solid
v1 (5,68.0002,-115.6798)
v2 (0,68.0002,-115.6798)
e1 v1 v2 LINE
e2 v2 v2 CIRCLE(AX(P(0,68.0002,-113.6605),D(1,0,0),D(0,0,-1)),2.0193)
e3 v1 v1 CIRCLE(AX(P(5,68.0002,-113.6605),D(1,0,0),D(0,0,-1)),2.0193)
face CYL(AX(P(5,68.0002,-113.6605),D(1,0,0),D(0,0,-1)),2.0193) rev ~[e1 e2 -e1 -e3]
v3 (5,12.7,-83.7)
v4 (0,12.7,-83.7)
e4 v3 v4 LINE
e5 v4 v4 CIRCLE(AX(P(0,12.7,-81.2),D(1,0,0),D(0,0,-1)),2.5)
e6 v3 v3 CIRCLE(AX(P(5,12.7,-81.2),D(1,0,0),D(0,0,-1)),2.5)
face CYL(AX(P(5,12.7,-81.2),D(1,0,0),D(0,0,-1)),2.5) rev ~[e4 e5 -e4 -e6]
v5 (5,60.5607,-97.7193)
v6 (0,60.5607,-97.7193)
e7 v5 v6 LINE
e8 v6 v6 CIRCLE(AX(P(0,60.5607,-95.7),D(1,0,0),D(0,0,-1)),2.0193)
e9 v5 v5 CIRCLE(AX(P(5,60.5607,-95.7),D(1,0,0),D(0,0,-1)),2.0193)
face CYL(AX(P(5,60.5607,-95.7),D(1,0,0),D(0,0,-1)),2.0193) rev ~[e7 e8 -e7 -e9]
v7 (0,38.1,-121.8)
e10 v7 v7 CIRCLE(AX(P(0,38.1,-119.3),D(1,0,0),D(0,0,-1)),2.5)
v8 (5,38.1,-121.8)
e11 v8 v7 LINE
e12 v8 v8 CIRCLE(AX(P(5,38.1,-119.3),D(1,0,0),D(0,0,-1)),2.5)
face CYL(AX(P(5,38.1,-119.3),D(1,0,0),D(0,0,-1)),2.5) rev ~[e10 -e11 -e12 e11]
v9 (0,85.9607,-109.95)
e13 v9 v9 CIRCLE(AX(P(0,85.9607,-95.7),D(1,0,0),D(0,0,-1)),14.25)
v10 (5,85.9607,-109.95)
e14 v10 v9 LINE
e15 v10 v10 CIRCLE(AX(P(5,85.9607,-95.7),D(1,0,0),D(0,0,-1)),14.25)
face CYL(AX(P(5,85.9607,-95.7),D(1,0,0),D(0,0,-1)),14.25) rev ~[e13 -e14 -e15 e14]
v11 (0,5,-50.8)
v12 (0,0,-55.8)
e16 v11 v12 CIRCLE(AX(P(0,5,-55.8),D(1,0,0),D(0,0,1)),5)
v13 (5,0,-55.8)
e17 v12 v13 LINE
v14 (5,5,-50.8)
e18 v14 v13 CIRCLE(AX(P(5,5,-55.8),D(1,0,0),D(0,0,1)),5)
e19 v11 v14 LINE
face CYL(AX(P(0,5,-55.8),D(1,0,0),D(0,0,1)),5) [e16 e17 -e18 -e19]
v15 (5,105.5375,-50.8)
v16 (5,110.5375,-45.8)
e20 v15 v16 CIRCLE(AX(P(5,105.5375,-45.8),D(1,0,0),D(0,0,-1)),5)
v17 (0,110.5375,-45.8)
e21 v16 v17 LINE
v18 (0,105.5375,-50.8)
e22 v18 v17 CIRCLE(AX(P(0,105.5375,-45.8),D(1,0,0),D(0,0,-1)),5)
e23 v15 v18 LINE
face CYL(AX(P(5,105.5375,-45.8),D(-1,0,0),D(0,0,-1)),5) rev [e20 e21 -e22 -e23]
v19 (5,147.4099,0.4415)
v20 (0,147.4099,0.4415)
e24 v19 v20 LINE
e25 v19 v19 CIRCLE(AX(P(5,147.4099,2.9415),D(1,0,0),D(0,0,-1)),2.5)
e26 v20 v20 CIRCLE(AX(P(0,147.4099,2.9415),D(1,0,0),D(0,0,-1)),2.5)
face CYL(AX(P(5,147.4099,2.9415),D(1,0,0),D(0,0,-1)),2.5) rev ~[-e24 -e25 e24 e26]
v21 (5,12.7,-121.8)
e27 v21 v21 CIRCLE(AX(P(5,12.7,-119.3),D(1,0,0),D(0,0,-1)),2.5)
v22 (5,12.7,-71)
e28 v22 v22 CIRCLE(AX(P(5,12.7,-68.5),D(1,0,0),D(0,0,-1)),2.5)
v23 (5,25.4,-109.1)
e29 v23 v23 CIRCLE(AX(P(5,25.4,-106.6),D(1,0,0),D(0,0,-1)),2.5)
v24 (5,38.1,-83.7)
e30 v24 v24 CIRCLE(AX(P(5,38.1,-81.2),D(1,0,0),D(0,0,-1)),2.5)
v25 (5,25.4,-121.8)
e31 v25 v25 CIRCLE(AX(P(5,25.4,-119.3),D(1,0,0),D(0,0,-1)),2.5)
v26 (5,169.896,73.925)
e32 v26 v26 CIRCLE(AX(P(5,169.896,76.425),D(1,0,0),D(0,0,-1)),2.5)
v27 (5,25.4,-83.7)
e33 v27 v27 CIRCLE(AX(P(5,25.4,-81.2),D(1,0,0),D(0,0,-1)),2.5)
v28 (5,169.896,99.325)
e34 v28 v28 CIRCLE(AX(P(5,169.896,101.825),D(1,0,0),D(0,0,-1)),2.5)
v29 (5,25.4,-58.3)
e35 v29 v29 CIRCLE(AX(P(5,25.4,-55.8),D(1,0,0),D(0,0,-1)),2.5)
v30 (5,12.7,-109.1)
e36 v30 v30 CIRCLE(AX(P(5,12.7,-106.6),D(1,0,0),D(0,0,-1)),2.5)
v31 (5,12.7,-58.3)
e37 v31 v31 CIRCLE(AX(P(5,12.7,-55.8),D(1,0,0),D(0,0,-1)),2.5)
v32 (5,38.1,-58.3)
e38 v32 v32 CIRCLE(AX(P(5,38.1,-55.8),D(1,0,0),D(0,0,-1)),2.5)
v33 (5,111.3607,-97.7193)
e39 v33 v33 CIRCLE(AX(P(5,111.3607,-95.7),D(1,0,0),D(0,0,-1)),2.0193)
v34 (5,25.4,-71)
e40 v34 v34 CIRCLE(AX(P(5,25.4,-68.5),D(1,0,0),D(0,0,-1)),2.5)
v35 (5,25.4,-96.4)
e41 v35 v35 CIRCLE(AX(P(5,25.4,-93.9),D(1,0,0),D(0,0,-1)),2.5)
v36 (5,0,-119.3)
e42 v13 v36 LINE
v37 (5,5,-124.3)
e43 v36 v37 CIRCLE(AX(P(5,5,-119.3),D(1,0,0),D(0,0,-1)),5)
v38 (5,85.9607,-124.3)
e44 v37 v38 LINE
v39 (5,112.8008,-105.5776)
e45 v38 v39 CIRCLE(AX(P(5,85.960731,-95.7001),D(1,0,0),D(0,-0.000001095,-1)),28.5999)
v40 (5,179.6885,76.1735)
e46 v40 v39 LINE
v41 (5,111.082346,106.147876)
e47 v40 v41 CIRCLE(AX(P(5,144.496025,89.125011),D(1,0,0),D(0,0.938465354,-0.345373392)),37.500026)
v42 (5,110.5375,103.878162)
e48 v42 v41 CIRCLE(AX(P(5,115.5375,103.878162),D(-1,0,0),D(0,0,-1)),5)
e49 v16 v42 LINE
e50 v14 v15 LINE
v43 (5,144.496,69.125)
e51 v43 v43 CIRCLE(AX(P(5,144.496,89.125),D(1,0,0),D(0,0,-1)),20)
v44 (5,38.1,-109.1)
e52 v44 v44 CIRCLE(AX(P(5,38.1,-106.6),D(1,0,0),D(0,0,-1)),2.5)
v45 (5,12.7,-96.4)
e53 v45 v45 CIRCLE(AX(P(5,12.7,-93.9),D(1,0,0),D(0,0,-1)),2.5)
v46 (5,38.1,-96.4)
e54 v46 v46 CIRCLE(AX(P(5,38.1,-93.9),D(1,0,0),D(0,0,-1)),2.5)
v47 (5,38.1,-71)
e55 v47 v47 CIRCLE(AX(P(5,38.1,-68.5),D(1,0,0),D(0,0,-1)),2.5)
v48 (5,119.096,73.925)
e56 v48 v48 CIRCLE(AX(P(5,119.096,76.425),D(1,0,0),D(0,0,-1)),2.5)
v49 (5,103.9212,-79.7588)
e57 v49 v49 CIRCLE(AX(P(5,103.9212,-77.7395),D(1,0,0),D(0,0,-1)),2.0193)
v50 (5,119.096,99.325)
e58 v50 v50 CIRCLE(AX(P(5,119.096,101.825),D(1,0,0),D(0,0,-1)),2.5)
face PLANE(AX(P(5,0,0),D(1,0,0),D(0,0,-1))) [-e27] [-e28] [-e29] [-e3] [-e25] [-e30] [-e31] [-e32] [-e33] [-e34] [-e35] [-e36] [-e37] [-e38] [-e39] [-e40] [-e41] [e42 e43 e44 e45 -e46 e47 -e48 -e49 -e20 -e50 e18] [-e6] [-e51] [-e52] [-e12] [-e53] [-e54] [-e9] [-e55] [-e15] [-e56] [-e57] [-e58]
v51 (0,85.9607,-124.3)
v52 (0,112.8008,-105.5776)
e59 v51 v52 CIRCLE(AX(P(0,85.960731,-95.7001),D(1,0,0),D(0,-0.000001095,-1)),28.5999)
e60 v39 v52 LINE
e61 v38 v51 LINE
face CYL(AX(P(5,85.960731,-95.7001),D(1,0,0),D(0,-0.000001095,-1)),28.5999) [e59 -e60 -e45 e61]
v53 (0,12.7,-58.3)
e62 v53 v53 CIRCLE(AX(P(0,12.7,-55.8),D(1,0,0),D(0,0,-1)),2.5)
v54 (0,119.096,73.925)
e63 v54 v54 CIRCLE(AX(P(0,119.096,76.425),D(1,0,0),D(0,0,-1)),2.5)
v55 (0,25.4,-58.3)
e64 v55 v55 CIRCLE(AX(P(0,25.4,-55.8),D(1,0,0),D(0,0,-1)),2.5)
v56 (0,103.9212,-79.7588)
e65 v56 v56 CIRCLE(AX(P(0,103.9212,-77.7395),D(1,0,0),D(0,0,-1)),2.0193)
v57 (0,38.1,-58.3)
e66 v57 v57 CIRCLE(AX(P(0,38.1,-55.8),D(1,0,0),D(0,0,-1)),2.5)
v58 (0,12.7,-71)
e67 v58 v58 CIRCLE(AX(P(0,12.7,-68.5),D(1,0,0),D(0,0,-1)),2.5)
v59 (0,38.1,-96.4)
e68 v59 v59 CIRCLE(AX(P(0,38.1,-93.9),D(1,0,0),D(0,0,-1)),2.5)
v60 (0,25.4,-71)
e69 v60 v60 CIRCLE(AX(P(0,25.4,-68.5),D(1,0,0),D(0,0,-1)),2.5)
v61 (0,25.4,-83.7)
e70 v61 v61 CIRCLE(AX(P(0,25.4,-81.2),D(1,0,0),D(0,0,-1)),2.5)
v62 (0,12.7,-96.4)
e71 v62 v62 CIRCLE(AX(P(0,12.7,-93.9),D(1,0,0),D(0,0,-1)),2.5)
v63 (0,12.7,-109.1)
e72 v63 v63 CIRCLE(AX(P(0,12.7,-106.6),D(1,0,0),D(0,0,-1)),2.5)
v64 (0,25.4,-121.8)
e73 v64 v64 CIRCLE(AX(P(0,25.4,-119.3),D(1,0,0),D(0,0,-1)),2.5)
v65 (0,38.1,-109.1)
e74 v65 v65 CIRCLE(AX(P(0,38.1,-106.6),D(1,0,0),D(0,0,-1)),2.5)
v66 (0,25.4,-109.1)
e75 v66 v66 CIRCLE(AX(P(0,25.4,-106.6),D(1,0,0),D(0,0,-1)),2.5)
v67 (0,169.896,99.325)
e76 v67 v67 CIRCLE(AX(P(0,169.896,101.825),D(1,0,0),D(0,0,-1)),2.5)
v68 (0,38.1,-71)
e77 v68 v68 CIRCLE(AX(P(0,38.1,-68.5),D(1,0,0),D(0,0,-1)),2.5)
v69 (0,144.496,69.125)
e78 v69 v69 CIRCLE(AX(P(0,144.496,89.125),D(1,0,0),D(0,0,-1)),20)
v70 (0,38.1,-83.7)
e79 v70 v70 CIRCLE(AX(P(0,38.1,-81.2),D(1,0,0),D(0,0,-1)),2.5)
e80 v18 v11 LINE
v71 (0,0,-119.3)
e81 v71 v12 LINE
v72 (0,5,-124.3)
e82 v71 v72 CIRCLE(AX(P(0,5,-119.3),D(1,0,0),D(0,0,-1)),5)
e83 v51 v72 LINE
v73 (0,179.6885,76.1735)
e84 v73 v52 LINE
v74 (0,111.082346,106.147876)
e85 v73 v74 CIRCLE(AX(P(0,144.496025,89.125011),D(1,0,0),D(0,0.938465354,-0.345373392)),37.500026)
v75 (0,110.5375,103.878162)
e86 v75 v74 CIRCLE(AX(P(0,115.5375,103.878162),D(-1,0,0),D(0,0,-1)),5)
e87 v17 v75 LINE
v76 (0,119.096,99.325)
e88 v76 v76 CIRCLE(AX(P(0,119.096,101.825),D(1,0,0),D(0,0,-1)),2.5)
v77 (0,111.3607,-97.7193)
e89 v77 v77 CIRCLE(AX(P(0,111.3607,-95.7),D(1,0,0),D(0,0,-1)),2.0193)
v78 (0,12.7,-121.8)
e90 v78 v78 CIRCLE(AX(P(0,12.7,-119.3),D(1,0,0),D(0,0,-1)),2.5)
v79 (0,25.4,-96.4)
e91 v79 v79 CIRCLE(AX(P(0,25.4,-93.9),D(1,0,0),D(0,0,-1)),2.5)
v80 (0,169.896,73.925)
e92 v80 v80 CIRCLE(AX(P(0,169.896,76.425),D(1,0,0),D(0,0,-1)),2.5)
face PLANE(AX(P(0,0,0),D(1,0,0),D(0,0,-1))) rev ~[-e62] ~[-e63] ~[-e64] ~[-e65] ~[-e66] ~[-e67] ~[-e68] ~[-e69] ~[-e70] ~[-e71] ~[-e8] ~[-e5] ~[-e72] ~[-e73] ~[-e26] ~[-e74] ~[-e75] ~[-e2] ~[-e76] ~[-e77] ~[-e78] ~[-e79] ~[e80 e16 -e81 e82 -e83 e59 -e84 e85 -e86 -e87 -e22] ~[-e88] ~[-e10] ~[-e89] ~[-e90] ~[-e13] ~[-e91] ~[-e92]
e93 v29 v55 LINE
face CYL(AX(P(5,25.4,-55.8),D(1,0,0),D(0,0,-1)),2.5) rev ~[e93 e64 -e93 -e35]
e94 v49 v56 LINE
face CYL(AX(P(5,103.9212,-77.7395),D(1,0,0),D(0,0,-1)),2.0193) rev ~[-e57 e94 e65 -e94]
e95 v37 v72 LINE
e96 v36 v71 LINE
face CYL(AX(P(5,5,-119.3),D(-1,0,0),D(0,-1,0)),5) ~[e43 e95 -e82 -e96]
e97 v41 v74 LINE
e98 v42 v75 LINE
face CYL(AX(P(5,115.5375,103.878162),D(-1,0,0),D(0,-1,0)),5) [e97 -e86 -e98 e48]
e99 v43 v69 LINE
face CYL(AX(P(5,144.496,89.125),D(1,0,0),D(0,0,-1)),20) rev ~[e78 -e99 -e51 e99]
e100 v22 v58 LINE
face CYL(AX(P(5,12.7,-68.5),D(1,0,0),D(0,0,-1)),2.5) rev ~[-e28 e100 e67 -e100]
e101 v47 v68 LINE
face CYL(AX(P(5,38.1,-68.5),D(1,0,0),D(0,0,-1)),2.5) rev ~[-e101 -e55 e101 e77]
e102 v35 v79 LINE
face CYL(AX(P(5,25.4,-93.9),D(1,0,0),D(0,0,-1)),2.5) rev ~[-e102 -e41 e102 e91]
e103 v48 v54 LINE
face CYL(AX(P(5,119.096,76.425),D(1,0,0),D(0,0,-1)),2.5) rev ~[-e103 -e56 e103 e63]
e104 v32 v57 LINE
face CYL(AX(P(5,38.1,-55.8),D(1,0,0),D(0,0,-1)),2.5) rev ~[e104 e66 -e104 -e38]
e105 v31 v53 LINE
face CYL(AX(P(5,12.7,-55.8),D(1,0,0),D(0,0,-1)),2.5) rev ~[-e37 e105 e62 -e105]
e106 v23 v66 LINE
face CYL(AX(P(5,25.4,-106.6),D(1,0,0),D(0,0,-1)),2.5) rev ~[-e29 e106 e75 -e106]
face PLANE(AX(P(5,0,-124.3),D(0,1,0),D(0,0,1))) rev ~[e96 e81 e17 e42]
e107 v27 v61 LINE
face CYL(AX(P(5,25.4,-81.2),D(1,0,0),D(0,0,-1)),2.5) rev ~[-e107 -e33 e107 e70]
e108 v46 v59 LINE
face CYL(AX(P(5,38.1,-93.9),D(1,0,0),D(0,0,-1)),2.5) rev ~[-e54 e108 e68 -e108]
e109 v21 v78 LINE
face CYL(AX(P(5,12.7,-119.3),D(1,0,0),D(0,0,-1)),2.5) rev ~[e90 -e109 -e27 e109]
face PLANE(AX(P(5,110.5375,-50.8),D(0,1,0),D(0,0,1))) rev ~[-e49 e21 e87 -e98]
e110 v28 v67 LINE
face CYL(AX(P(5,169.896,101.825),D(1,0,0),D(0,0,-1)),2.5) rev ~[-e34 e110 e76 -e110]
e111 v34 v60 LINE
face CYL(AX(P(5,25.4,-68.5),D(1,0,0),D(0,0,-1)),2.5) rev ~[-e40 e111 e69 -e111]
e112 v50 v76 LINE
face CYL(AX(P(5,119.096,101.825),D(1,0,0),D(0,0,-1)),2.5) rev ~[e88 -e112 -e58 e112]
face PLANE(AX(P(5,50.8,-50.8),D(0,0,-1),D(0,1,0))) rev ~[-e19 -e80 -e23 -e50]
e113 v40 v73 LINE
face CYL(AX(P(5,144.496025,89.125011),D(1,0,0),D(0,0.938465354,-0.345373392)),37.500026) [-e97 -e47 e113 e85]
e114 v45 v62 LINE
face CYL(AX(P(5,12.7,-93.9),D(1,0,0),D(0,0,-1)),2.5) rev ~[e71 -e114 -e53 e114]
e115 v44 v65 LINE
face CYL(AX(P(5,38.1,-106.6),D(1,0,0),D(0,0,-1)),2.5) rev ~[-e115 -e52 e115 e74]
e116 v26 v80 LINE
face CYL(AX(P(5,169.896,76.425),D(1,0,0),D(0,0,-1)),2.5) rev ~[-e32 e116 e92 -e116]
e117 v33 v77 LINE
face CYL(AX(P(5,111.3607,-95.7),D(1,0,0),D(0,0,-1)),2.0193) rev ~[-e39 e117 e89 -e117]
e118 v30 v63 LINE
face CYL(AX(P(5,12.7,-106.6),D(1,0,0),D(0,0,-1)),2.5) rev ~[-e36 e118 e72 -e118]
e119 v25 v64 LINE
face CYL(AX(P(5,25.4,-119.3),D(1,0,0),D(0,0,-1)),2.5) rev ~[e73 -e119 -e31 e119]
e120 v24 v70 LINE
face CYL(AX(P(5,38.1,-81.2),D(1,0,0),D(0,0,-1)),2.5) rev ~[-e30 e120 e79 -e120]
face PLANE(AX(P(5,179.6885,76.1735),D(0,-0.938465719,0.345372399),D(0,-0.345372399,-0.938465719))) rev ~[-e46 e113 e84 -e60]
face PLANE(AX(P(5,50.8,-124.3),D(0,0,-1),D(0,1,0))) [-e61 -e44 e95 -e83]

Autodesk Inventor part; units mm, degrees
ref_plane "YZ Plane" through (0, 0, 0) normal (1, 0, 0) x (0, 1, 0)
ref_plane "XZ Plane" through (0, 0, 0) normal (0, 1, 0) x (-1, 0, 0)
ref_plane "XY Plane" through (0, 0, 0) normal (0, 0, 1) x (1, 0, 0)
sketch "Esboço1" plane through (0, 0, 0) normal (1, 0, 0) x (0, 1, 0)
  line L0 (0, 0) -> (50.8, 0)
  line L1 (50.8, 0) -> (50.8, -86.2)
  line L2 (50.8, -86.2) -> (0, -86.2)
  line L3 (0, -86.2) -> (0, 0)
  dimension "d0" = 50.8
  dimension "d1" = 86.2
extrude "Extrusão1" add sketch "Esboço1" along normal blind 5
sketch "Esboço2" plane through (5, 0, 0) normal (1, 0, 0) x (0, 0, -1)
  circle A0 centre (5, 12.7) radius 2.5
  circle A1 centre (5, 25.4) radius 2.5
  circle A2 centre (5, 38.1) radius 2.5
  line L0 (0, 50.8) -> (0, 0) projected
  line L1 (86.2, 50.8) -> (0, 50.8) projected
  line L2 (0, 0) -> (86.2, 0) projected
  dimension "d4" = 5
  dimension "d5" = 5
  dimension "d6" = 5
  dimension "d7" = 5
  dimension "d8" = 5
  dimension "d9" = 5
  dimension "d10" = 12.7
  dimension "d11" = 12.7
  dimension "d12" = 12.7
extrude "Extrusão2" cut sketch "Esboço2" against normal blind 6
pattern_linear "Padrão retangular1" count 7 spacing 12.7 along (0, 0, -1) of "Extrusão2"
sketch "Esboço3" plane through (0, 0, 0) normal (-1, 0, 0) x (0, 0, 1)
  line L0 (0, 50.8) -> (0, 0) projected
  line L1 (0, 0) -> (-86.2, 0) projected
  line L2 (0, 50.8) -> (-50.8, 50.8)
  line L3 (-50.8, 50.8) -> (-50.8, 0)
  line L4 (-50.8, 0) -> (0, 0)
  line L5 (0, 0) -> (0, 50.8)
  circle A0 centre (-55.8, 25.4) radius 2.5 projected
  dimension "d19" = 5
extrude "Extrusão3" cut sketch "Esboço3" against normal blind 10 contours L0 L1 L3 L2
sketch "Esboço4" plane through (5, 0, 0) normal (1, 0, 0) x (0, 0, -1)
  line L0 (86.2, 0) -> (86.2, 50.8) projected
  line L1 (86.2, 50.8) -> (124.3, 50.8)
  line L2 (124.3, 50.8) -> (124.3, 0)
  line L3 (124.3, 0) -> (86.2, 0)
  line L4 (86.2, 0) -> (86.2, 50.8)
  circle A0 centre (93.9, 25.4) radius 2.5 projected
  circle A1 centre (93.9, 38.1) radius 2.5 projected
  circle A2 centre (106.6, 38.1) radius 2.5 projected
  circle A3 centre (119.3, 38.1) radius 2.5 projected
  circle A4 centre (119.3, 25.4) radius 2.5 projected
  circle A5 centre (106.6, 25.4) radius 2.5 projected
  circle A6 centre (93.9, 12.7) radius 2.5 projected
  circle A7 centre (106.6, 12.7) radius 2.5 projected
  circle A8 centre (119.3, 12.7) radius 2.5 projected
  point P0 (0, 0)
  dimension "d22" = 5
  dimension "d23" = 50.8
extrude "Extrusão4" add sketch "Esboço4" against normal blind 5
sketch "Esboço7" plane through (5, 0, 0) normal (1, 0, 0) x (0, 0, -1)
  line L0 (124.3, 50.8) -> (50.8, 50.8) projected
  line L1 (124.3, 50.8) -> (124.3, 85.9607)
  circle A0 centre (95.7, 85.9607) radius 11.25 projected
  circle A1 centre (-89.125, 144.496) radius 17.5 projected
  circle A2 centre (95.7, 111.3607) radius 2.0193 projected
  circle A3 centre (77.7395, 103.9212) radius 2.0193 projected
  circle A4 centre (95.7, 60.5607) radius 2.0193 projected
  circle A5 centre (113.6605, 68.0002) radius 2.0193 projected
  circle A6 centre (-101.825, 169.896) radius 2.5 projected
  circle A7 centre (-76.425, 169.896) radius 2.5 projected
  circle A8 centre (-76.425, 119.096) radius 2.5 projected
  circle A9 centre (-101.825, 119.096) radius 2.5 projected
  arc A10 (-76.1735, 179.6885) -> (-105.0332, 110.5375) centre (-89.125, 144.496) ccw
  arc A11 (124.3, 85.9607) -> (105.5776, 112.8008) centre (95.7, 85.9607) ccw
  line L2 (50.8, 0) -> (50.8, 50.8) projected
  line L3 (50.8, 50.8) -> (50.8, 110.5375)
  line L4 (50.8, 110.5375) -> (-105.0332, 110.5375)
  line L5 (54.784, 109.5375) -> (24.05, 109.5375) projected
  line L6 (-76.1735, 179.6885) -> (105.5776, 112.8008)
  circle A12 centre (-89.125, 144.496) radius 20
  circle A13 centre (95.7, 85.9607) radius 14.25
  point P0 (0, 0)
  dimension "d36" = 75
  dimension "d37" = 1
  dimension "d38" = 40
  dimension "d39" = 28.5
extrude "Extrusão6" add sketch "Esboço7" against normal blind 5 contours L0 L3 L4 A10 L6 A11 L1
fillet "Arredondamento1" radius 5 4 edges at (2.5, 110.5375, -50.8) (2.5, 110.5375, 105.0332) (2.5, 0, -50.8) (2.5, 0, -124.3)
sketch "Esboço8" plane through (5, 0, 0) normal (1, 0, 0) x (0, 0, -1)
  circle A0 centre (-2.9415, 147.4099) radius 2.5
  point P0 (0, 0)
extrude "Extrusão7" cut sketch "Esboço8" against normal blind 10
equation "\"d8\" = d7"
equation "\"d9\" = d8"
equation "\"d11\" = d10"
equation "\"d12\" = d11"
properties part number "CHAPA FIXAÇÃO ESQUERDA 2"
